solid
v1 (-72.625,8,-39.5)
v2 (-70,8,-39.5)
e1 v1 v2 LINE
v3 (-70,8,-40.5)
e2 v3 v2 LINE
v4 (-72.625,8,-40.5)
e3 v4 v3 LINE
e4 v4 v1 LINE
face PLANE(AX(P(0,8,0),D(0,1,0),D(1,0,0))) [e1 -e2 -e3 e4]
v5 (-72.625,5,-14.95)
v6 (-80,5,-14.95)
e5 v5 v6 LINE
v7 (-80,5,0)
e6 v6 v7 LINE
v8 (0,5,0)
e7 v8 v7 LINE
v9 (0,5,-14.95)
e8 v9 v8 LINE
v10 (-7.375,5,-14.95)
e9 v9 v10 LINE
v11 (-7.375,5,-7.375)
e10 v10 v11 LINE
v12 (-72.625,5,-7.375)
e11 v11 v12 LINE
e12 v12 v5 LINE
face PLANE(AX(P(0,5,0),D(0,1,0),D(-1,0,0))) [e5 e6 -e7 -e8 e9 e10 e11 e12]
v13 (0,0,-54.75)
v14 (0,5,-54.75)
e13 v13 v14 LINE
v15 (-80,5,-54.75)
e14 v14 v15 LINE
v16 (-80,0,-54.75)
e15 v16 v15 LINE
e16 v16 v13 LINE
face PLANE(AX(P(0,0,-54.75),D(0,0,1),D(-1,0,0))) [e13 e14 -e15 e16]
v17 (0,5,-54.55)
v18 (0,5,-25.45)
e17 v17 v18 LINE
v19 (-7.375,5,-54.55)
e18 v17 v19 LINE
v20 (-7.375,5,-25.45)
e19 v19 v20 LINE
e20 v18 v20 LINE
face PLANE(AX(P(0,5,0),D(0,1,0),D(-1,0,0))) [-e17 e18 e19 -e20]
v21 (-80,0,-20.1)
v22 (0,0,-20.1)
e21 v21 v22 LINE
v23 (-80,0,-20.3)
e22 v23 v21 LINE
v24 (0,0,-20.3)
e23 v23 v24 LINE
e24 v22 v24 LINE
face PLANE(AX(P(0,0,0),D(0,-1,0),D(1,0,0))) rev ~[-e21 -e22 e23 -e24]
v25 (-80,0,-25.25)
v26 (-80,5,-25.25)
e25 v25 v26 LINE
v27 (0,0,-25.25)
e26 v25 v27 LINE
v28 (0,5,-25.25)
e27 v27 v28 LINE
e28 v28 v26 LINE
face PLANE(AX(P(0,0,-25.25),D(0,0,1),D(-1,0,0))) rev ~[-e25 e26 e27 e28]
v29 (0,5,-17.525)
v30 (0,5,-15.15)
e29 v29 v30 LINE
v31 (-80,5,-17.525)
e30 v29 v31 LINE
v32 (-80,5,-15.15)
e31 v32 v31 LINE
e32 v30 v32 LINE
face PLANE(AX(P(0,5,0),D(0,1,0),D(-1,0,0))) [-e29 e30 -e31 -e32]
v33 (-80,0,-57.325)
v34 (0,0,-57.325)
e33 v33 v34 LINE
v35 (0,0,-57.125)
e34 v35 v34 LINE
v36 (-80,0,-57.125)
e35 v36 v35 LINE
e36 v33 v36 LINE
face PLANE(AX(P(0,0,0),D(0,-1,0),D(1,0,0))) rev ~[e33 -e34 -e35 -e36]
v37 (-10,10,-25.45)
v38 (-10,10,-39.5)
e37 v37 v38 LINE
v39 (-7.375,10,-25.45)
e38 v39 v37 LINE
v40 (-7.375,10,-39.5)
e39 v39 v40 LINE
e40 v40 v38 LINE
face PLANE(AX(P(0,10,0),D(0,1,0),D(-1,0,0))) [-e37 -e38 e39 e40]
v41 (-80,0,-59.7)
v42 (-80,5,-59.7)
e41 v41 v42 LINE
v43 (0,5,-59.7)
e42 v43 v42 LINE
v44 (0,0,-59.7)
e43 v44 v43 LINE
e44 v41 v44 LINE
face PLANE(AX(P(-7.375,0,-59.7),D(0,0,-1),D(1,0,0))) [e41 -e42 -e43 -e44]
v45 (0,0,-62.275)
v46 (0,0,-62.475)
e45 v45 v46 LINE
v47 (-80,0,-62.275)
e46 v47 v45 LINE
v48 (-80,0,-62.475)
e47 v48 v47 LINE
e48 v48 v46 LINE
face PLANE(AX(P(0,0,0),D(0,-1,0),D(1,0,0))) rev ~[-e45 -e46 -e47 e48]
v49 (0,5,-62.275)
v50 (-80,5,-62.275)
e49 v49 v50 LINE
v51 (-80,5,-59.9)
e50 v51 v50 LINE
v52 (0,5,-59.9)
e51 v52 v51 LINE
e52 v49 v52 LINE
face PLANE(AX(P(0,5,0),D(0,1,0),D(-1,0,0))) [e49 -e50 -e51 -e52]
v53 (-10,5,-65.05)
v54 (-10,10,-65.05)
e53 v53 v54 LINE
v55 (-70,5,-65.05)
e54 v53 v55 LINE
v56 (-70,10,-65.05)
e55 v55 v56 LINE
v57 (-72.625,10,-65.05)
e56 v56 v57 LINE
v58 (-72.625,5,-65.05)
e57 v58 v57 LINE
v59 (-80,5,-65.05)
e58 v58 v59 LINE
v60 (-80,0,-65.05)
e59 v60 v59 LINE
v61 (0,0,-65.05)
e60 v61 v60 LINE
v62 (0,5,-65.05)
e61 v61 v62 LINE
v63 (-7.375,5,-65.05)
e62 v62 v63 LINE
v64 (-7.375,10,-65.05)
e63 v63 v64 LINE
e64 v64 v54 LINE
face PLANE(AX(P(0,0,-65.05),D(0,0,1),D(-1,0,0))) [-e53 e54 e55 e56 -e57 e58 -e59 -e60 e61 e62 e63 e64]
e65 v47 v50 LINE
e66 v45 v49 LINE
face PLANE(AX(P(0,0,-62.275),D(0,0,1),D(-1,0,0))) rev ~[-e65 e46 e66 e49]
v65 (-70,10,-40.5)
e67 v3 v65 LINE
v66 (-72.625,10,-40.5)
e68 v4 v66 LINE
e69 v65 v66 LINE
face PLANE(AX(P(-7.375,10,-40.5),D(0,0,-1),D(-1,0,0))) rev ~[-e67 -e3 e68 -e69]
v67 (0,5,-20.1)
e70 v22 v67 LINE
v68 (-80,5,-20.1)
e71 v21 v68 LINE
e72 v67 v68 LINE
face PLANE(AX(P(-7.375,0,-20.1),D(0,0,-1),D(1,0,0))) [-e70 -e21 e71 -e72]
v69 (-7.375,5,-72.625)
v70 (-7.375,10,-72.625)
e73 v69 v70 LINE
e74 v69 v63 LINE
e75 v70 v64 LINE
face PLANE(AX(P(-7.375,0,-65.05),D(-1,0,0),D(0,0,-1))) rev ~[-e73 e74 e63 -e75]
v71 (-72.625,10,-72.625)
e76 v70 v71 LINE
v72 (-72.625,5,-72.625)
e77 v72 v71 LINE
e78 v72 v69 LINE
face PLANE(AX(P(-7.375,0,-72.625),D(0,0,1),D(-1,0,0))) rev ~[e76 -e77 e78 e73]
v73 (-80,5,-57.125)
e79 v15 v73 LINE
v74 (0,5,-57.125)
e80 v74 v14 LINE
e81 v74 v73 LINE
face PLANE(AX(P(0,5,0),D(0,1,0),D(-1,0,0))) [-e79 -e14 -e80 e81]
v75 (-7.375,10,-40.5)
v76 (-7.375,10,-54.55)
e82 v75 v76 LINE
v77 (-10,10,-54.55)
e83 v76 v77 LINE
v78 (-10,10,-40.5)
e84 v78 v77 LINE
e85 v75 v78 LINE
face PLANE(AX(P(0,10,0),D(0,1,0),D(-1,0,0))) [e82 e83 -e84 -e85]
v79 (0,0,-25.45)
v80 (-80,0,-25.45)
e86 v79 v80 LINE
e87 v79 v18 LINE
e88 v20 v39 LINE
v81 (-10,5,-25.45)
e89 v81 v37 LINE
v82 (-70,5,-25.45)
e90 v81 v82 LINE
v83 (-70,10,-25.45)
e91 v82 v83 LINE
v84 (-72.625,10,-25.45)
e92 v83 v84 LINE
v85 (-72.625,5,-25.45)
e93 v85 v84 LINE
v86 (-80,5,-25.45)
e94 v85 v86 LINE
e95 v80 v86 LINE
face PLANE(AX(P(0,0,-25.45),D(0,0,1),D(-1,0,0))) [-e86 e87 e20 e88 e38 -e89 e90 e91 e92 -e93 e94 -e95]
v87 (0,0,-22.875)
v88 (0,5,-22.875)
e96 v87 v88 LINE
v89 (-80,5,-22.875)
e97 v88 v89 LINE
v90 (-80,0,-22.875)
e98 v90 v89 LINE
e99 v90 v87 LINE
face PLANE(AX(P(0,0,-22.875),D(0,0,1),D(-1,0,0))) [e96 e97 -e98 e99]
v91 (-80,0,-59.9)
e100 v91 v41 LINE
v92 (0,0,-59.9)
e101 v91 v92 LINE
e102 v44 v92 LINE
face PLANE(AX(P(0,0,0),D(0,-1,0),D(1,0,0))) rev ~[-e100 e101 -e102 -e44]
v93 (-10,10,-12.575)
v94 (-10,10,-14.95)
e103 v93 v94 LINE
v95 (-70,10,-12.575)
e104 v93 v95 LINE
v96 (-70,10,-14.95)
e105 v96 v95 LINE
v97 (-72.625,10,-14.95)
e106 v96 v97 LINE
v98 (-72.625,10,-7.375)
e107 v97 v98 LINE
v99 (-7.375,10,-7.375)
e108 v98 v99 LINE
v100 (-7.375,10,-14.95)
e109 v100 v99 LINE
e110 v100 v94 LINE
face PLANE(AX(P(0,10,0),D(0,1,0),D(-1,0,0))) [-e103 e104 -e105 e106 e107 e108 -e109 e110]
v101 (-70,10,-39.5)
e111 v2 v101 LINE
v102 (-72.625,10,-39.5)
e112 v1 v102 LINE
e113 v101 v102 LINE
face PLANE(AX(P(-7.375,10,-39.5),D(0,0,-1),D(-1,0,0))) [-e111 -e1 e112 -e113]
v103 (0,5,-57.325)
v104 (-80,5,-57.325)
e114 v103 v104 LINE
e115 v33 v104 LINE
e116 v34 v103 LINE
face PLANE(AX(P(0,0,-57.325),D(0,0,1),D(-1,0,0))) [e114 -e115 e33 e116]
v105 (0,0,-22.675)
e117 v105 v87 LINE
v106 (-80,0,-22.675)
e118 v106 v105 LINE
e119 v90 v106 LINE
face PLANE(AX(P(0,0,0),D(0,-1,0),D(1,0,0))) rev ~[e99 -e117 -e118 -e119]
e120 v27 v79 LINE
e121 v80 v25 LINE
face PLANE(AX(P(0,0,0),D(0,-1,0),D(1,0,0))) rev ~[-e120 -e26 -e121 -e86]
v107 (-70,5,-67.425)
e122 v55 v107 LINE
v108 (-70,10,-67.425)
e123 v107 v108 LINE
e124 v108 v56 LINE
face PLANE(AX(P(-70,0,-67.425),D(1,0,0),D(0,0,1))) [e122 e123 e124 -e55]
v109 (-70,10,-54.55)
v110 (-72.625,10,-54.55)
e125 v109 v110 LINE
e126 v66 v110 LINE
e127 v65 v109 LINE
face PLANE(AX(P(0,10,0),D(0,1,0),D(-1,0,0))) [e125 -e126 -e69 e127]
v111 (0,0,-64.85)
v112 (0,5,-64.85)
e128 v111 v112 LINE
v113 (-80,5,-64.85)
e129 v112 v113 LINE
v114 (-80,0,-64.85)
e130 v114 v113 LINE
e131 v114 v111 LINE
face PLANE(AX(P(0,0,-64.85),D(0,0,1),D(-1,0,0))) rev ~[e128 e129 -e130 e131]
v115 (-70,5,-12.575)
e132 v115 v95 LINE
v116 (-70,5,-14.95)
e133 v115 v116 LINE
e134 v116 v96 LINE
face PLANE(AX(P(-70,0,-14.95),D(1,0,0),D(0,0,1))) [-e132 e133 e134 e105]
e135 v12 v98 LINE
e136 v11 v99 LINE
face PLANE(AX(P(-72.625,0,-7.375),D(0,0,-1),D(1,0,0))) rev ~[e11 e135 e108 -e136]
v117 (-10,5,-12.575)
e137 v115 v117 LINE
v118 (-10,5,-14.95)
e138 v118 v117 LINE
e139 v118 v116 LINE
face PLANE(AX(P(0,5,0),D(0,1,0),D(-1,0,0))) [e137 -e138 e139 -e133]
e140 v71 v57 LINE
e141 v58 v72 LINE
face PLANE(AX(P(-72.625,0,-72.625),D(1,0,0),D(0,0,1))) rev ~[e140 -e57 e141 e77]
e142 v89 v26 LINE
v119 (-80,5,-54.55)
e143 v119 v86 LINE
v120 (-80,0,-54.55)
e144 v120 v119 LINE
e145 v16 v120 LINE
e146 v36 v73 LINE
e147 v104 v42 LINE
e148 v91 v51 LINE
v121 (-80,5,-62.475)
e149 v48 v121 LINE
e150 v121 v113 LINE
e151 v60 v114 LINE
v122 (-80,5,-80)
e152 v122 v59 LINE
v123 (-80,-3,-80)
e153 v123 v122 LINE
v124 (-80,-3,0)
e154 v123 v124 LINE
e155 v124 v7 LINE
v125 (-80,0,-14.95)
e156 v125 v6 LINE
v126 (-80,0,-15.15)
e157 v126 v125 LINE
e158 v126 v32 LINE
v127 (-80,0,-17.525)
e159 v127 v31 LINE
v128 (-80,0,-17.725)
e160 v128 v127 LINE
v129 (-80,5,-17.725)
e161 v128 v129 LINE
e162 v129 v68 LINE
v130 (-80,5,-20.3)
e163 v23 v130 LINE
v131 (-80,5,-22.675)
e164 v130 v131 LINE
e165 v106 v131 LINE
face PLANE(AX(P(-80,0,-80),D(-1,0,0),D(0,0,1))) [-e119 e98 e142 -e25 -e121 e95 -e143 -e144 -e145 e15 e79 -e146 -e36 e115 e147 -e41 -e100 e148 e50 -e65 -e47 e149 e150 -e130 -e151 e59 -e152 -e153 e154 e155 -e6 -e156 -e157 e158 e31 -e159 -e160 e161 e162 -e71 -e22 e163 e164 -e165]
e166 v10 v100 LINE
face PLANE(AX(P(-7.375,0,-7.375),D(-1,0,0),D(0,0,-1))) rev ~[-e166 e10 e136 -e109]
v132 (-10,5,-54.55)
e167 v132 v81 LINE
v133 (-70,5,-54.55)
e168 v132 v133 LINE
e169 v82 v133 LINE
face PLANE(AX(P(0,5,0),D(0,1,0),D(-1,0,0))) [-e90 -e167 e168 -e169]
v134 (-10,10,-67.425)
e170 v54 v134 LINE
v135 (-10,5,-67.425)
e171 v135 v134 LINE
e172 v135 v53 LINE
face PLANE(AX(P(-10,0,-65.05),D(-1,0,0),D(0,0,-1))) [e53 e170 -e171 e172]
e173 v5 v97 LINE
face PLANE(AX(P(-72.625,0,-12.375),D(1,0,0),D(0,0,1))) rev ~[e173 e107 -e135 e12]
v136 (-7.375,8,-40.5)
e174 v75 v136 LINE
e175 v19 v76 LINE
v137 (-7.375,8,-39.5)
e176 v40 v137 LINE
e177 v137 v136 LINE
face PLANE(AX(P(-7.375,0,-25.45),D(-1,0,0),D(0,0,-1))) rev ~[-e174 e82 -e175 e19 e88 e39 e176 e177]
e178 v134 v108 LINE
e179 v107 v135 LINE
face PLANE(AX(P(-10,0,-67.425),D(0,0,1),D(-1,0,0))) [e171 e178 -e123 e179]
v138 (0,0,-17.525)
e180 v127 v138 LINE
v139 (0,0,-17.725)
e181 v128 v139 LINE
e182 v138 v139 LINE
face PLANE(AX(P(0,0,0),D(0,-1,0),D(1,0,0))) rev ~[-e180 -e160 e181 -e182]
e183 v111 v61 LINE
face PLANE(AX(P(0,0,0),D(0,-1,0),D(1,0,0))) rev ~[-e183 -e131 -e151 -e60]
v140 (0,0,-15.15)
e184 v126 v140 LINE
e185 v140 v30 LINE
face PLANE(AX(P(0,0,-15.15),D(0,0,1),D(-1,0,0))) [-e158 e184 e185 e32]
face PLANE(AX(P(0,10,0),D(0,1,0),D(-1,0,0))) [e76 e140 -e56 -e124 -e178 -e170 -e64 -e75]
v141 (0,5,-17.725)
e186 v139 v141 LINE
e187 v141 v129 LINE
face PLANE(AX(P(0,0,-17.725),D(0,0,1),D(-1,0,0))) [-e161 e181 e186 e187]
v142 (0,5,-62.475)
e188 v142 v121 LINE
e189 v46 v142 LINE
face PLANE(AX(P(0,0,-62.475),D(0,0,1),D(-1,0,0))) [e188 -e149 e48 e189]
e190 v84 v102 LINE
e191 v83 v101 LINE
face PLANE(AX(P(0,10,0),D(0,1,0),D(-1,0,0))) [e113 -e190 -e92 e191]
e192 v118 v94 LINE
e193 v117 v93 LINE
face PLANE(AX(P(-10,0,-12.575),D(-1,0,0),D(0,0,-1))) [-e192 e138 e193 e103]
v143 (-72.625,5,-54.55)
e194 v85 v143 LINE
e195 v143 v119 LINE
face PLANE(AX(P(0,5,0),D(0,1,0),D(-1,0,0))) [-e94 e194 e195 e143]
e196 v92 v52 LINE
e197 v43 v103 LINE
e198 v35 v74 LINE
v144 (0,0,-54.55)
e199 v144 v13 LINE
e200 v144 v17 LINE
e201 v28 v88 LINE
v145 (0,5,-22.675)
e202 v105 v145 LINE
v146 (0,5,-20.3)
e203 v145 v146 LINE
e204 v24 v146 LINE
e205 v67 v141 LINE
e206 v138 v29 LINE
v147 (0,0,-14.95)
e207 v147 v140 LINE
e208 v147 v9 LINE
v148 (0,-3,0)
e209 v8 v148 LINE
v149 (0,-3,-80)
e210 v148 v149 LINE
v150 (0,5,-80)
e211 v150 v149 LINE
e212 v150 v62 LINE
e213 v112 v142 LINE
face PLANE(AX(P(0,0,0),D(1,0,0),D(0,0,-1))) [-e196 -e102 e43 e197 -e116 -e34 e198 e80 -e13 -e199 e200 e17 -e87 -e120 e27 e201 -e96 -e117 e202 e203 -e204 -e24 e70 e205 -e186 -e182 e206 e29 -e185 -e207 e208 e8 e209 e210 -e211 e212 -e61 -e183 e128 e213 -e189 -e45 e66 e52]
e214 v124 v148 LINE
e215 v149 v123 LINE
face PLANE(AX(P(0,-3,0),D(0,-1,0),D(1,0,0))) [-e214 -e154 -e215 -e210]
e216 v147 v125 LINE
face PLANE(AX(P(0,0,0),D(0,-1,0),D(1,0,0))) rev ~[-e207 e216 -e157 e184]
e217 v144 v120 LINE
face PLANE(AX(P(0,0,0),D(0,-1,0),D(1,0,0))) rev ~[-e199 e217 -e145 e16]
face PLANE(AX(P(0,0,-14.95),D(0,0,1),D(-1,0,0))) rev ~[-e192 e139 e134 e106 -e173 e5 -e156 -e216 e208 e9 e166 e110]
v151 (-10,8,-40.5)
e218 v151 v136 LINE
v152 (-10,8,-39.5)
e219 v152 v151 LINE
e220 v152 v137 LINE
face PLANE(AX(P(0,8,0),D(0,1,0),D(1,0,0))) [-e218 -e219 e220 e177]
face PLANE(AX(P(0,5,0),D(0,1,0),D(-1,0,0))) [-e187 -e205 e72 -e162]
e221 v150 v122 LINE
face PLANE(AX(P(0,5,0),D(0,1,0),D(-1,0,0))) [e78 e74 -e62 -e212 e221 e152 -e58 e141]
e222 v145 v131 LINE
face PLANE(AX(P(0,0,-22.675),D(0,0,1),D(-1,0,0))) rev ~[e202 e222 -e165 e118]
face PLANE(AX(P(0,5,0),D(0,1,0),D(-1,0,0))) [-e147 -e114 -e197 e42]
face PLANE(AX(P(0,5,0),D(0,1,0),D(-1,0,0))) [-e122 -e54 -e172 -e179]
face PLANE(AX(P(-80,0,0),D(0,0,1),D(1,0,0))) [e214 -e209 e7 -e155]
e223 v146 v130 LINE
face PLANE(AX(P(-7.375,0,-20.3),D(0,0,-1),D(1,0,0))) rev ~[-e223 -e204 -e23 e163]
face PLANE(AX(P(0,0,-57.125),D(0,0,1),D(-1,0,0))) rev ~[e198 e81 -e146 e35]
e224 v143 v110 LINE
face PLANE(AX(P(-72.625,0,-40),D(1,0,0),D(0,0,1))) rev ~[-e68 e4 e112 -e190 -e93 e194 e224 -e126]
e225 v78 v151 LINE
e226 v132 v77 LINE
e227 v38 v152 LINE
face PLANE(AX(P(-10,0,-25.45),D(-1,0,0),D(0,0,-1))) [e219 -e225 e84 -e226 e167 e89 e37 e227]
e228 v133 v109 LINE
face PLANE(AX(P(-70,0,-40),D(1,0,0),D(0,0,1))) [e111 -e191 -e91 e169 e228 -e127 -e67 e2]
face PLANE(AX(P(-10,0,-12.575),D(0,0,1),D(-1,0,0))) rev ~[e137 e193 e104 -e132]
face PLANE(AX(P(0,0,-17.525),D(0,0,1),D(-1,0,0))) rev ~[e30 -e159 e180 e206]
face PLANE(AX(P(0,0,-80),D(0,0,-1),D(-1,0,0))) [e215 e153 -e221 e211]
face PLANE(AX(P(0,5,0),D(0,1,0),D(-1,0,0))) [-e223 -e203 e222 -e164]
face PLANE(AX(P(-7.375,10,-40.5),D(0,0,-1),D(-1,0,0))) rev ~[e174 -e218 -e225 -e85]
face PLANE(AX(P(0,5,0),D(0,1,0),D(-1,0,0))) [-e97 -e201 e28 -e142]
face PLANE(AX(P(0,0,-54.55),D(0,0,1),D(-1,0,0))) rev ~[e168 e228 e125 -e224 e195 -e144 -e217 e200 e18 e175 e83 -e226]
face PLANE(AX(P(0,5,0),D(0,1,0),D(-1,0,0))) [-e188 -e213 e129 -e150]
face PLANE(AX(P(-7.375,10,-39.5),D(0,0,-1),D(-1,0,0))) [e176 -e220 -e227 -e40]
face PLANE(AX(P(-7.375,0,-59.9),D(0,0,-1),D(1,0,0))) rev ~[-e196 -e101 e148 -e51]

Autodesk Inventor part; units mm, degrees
ref_plane "YZ Plane" through (0, 0, 0) normal (1, 0, 0) x (0, 1, 0)
ref_plane "XZ Plane" through (0, 0, 0) normal (0, 1, 0) x (-1, 0, 0)
ref_plane "XY Plane" through (0, 0, 0) normal (0, 0, 1) x (1, 0, 0)
sketch "Boceto1" plane through (0, 0, 0) normal (0, 1, 0) x (-1, 0, 0)
  line L0 (0, 0) -> (80, 0)
  line L1 (80, 0) -> (80, -80)
  line L2 (80, -80) -> (0, -80)
  line L3 (0, -80) -> (0, 0)
  line L4 (10, -70) -> (70, -70)
  line L5 (70, -70) -> (70, -10)
  line L6 (70, -10) -> (10, -10)
  line L7 (10, -10) -> (10, -70)
  line L8 (0, -12.375) -> (80, -12.375)
  line L9 (0, -14.95) -> (80, -14.95)
  line L10 (0, -17.525) -> (80, -17.525)
  line L11 (80, -20.1) -> (0, -20.1)
  line L12 (0, -22.675) -> (80, -22.675)
  line L13 (0, -12.575) -> (80, -12.575)
  line L14 (0, -15.15) -> (80, -15.15)
  line L15 (0, -17.725) -> (80, -17.725)
  line L16 (80, -20.3) -> (0, -20.3)
  line L17 (0, -22.875) -> (80, -22.875)
  line L18 (0, -25.25) -> (80, -25.25)
  line L19 (0, -25.45) -> (80, -25.45)
  line L20 (10, -40) -> (80, -40)
  line L21 (0, -67.625) -> (80, -67.625)
  line L22 (0, -65.05) -> (80, -65.05)
  line L23 (0, -62.475) -> (80, -62.475)
  line L24 (80, -59.9) -> (0, -59.9)
  line L25 (0, -57.325) -> (80, -57.325)
  line L26 (0, -67.425) -> (80, -67.425)
  line L27 (0, -64.85) -> (80, -64.85)
  line L28 (0, -62.275) -> (80, -62.275)
  line L29 (80, -59.7) -> (0, -59.7)
  line L30 (0, -57.125) -> (80, -57.125)
  line L31 (0, -54.75) -> (80, -54.75)
  line L32 (0, -54.55) -> (80, -54.55)
  line L33 (72.625, -7.375) -> (7.375, -7.375)
  line L34 (7.375, -7.375) -> (7.375, -72.625)
  line L35 (7.375, -72.625) -> (72.625, -72.625)
  line L36 (72.625, -72.625) -> (72.625, -7.375)
  line L37 (7.375, 0) -> (0, 0)
  line L38 (7.375, -80) -> (0, -80)
  point P0 (10, -12.375)
  point P1 (70, -12.375)
  point P2 (10, -14.95)
  point P3 (70, -14.95)
  point P4 (10, -17.525)
  point P5 (70, -17.525)
  point P6 (70, -20.1)
  point P7 (10, -20.1)
  point P8 (10, -22.675)
  point P9 (70, -22.675)
  point P10 (10, -12.575)
  point P11 (70, -12.575)
  point P12 (10, -15.15)
  point P13 (70, -15.15)
  point P14 (10, -17.725)
  point P15 (70, -17.725)
  point P16 (70, -20.3)
  point P17 (10, -20.3)
  point P18 (10, -22.875)
  point P19 (70, -22.875)
  point P20 (10, -25.25)
  point P21 (70, -25.25)
  point P22 (10, -25.45)
  point P23 (70, -25.45)
  point P24 (10, -67.625)
  point P25 (70, -67.625)
  point P26 (10, -65.05)
  point P27 (70, -65.05)
  point P28 (10, -62.475)
  point P29 (70, -62.475)
  point P30 (70, -59.9)
  point P31 (10, -59.9)
  point P32 (10, -57.325)
  point P33 (70, -57.325)
  point P34 (10, -67.425)
  point P35 (70, -67.425)
  point P36 (10, -64.85)
  point P37 (70, -64.85)
  point P38 (10, -62.275)
  point P39 (70, -62.275)
  point P40 (70, -59.7)
  point P41 (10, -59.7)
  point P42 (10, -57.125)
  point P43 (70, -57.125)
  point P44 (10, -54.75)
  point P45 (70, -54.75)
  point P46 (10, -54.55)
  point P47 (70, -54.55)
  point P48 (72.625, -12.375)
  point P49 (7.375, -12.375)
  point P50 (72.625, -54.55)
  point P51 (72.625, -25.45)
  point P52 (70, -25.45)
  point P53 (70, -54.55)
  point P54 (7.375, -25.45)
  point P55 (7.375, -54.55)
  point P56 (10, -54.55)
  point P57 (10, -25.45)
  point P58 (10, -67.625)
  point P59 (7.375, -67.625)
  point P60 (72.625, -67.625)
  point P61 (70, -67.625)
  point P62 (7.375, -14.95)
  point P63 (72.625, -14.95)
  point P64 (72.625, -65.05)
  point P65 (70, -65.05)
  point P66 (10, -65.05)
  point P67 (7.375, -65.05)
  point P68 (70, -67.425)
  point P69 (10, -67.425)
  point P70 (10, -12.575)
  point P71 (70, -12.575)
  dimension "d0" = 80
  dimension "d1" = 80
  dimension "d2" = 60
  dimension "d3" = 60
  dimension "d4" = 10
  dimension "d5" = 10
  dimension "d6" = 2.375
  dimension "d7" = 0.2
  dimension "d8" = 2.375
  dimension "d9" = 0.2
  dimension "d10" = 0.2
  dimension "d11" = 0.2
  dimension "d12" = 0.2
  dimension "d13" = 2.375
  dimension "d14" = 2.375
  dimension "d15" = 2.375
  dimension "d16" = 2.375
  dimension "d17" = 0.2
  dimension "d35" = 5
extrude "Extrusión1" add sketch "Boceto1" along normal blind 5 contours L0 L1 L8 L36 L33 L34 L3 | L8 L34 L13 L3 | L13 L34 L9 L3 | L34 L33 L36 L8 L5 L6 L7 | L8 L7 L13 L34 | L1 L13 L36 L8 | L13 L7 L9 L34 | L8 L5 L13 L7 | L7 L6 L5 L8 | L1 L9 L36 L13 | L36 L13 L5 L8 | L14 L34 L10 L3 | L13 L5 L9 L7 | L36 L9 L5 L13 | L14 L7 L10 L34 | L1 L10 L36 L14 | L15 L34 L11 L3 | L14 L5 L10 L7 | L36 L10 L5 L14 | L15 L7 L11 L34 | L1 L11 L36 L15 | L16 L34 L12 L3 | L15 L5 L11 L7 | L36 L11 L5 L15 | L16 L7 L12 L34 | L1 L12 L36 L16 | L17 L34 L18 L3 | L16 L5 L12 L7 | L36 L12 L5 L16 | L17 L7 L18 L34 | L1 L18 L36 L17 | L19 L34 L32 L3 | L17 L5 L18 L7 | L36 L18 L5 L17 | L19 L7 L32 L34 | L1 L20 L36 L19 | L31 L34 L30 L3 | L19 L5 L20 L7 | L1 L32 L36 L20 | L36 L20 L5 L19 | L31 L7 L30 L34 | L7 L20 L5 L32 | L36 L32 L5 L20 | L25 L34 L29 L3 | L31 L5 L30 L7 | L1 L30 L36 L31 | L25 L7 L29 L34 | L31 L36 L30 L5 | L24 L34 L28 L3 | L25 L5 L29 L7 | L1 L29 L36 L25 | L24 L7 L28 L34 | L25 L36 L29 L5 | L23 L34 L27 L3 | L24 L5 L28 L7 | L1 L28 L36 L24 | L23 L7 L27 L34 | L24 L36 L28 L5 | L22 L34 L26 L3 | L23 L5 L27 L7 | L1 L27 L36 L23 | L26 L34 L21 L3 | L22 L7 L26 L34 | L23 L36 L27 L5 | L21 L34 L35 L36 L1 L2 L3 | L26 L7 L21 L34 | L22 L5 L26 L7 | L1 L26 L36 L22 | L21 L7 L4 L5 L36 L35 L34 | L26 L5 L21 L7 | L22 L36 L26 L5 | L1 L21 L36 L26 | L21 L5 L4 L7 | L26 L36 L21 L5
sketch "Boceto2" plane through (0, 0, 0) normal (0, -1, 0) x (1, 0, 0)
  line L0 (0, -80) -> (-80, -80) projected
  line L1 (-80, 0) -> (0, 0) projected
  line L2 (-80, -80) -> (-80, 0)
  line L3 (-80, 0) -> (0, 0)
  line L4 (-80, -65.05) -> (0, -65.05) construction
  line L5 (0, 0) -> (0, -80)
  line L6 (-80, -80) -> (0, -80)
extrude "Extrusión4" add sketch "Boceto2" along normal blind 3
extrude "Extrusión5" add sketch "Boceto1" along normal blind 10 contours L34 L33 L36 L8 L5 L6 L7 | L8 L7 L13 L34 | L13 L7 L9 L34 | L8 L5 L13 L7 | L7 L6 L5 L8 | L36 L13 L5 L8 | L36 L9 L5 L13 | L19 L7 L32 L34 | L36 L20 L5 L19 | L36 L32 L5 L20 | L22 L7 L26 L34 | L26 L7 L21 L34 | L21 L7 L4 L5 L36 L35 L34 | L26 L5 L21 L7 | L22 L36 L26 L5 | L21 L5 L4 L7 | L26 L36 L21 L5
sketch "Boceto3" plane through (0, 10, 0) normal (0, 1, 0) x (1, 0, 0)
  line L0 (-7.375, 25.45) -> (-7.375, 54.55) projected
  line L1 (-7.375, 40) -> (-86.5517, 40)
  line L2 (-5, 39.5) -> (-84.1767, 39.5)
  line L3 (-5, 40.5) -> (-84.1767, 40.5)
  line L4 (-10, 54.55) -> (-10, 25.45) projected
  line L5 (-5, 40.5) -> (-5, 39.5)
  line L6 (-84.1767, 40.5) -> (-84.1767, 39.5)
  point P0 (0, 0)
  point P1 (-10, 40)
  point P2 (-10, 39.5)
  point P3 (-10, 40.5)
  point P4 (-7.375, 39.5)
  point P5 (-7.375, 40.5)
  dimension "d31" = 0.5
  dimension "d32" = 0.5
extrude "Extrusión6" cut sketch "Boceto3" against normal blind 2 contours L2 L4 L1 L0 | L1 L4 L3 L0 | L2 L6 L1 L4 | L1 L6 L3 L4
equation "\"d8\" = d6"
equation "\"d9\" = d7"
equation "\"d10\" = d9"
equation "\"d11\" = d7"
equation "\"d12\" = d7"
equation "\"d13\" = d6"
equation "\"d14\" = d6"
equation "\"d15\" = d6"
equation "\"d16\" = d6"
equation "\"d17\" = d7"
properties part number "Cortador Ancho PDMS5.5"
